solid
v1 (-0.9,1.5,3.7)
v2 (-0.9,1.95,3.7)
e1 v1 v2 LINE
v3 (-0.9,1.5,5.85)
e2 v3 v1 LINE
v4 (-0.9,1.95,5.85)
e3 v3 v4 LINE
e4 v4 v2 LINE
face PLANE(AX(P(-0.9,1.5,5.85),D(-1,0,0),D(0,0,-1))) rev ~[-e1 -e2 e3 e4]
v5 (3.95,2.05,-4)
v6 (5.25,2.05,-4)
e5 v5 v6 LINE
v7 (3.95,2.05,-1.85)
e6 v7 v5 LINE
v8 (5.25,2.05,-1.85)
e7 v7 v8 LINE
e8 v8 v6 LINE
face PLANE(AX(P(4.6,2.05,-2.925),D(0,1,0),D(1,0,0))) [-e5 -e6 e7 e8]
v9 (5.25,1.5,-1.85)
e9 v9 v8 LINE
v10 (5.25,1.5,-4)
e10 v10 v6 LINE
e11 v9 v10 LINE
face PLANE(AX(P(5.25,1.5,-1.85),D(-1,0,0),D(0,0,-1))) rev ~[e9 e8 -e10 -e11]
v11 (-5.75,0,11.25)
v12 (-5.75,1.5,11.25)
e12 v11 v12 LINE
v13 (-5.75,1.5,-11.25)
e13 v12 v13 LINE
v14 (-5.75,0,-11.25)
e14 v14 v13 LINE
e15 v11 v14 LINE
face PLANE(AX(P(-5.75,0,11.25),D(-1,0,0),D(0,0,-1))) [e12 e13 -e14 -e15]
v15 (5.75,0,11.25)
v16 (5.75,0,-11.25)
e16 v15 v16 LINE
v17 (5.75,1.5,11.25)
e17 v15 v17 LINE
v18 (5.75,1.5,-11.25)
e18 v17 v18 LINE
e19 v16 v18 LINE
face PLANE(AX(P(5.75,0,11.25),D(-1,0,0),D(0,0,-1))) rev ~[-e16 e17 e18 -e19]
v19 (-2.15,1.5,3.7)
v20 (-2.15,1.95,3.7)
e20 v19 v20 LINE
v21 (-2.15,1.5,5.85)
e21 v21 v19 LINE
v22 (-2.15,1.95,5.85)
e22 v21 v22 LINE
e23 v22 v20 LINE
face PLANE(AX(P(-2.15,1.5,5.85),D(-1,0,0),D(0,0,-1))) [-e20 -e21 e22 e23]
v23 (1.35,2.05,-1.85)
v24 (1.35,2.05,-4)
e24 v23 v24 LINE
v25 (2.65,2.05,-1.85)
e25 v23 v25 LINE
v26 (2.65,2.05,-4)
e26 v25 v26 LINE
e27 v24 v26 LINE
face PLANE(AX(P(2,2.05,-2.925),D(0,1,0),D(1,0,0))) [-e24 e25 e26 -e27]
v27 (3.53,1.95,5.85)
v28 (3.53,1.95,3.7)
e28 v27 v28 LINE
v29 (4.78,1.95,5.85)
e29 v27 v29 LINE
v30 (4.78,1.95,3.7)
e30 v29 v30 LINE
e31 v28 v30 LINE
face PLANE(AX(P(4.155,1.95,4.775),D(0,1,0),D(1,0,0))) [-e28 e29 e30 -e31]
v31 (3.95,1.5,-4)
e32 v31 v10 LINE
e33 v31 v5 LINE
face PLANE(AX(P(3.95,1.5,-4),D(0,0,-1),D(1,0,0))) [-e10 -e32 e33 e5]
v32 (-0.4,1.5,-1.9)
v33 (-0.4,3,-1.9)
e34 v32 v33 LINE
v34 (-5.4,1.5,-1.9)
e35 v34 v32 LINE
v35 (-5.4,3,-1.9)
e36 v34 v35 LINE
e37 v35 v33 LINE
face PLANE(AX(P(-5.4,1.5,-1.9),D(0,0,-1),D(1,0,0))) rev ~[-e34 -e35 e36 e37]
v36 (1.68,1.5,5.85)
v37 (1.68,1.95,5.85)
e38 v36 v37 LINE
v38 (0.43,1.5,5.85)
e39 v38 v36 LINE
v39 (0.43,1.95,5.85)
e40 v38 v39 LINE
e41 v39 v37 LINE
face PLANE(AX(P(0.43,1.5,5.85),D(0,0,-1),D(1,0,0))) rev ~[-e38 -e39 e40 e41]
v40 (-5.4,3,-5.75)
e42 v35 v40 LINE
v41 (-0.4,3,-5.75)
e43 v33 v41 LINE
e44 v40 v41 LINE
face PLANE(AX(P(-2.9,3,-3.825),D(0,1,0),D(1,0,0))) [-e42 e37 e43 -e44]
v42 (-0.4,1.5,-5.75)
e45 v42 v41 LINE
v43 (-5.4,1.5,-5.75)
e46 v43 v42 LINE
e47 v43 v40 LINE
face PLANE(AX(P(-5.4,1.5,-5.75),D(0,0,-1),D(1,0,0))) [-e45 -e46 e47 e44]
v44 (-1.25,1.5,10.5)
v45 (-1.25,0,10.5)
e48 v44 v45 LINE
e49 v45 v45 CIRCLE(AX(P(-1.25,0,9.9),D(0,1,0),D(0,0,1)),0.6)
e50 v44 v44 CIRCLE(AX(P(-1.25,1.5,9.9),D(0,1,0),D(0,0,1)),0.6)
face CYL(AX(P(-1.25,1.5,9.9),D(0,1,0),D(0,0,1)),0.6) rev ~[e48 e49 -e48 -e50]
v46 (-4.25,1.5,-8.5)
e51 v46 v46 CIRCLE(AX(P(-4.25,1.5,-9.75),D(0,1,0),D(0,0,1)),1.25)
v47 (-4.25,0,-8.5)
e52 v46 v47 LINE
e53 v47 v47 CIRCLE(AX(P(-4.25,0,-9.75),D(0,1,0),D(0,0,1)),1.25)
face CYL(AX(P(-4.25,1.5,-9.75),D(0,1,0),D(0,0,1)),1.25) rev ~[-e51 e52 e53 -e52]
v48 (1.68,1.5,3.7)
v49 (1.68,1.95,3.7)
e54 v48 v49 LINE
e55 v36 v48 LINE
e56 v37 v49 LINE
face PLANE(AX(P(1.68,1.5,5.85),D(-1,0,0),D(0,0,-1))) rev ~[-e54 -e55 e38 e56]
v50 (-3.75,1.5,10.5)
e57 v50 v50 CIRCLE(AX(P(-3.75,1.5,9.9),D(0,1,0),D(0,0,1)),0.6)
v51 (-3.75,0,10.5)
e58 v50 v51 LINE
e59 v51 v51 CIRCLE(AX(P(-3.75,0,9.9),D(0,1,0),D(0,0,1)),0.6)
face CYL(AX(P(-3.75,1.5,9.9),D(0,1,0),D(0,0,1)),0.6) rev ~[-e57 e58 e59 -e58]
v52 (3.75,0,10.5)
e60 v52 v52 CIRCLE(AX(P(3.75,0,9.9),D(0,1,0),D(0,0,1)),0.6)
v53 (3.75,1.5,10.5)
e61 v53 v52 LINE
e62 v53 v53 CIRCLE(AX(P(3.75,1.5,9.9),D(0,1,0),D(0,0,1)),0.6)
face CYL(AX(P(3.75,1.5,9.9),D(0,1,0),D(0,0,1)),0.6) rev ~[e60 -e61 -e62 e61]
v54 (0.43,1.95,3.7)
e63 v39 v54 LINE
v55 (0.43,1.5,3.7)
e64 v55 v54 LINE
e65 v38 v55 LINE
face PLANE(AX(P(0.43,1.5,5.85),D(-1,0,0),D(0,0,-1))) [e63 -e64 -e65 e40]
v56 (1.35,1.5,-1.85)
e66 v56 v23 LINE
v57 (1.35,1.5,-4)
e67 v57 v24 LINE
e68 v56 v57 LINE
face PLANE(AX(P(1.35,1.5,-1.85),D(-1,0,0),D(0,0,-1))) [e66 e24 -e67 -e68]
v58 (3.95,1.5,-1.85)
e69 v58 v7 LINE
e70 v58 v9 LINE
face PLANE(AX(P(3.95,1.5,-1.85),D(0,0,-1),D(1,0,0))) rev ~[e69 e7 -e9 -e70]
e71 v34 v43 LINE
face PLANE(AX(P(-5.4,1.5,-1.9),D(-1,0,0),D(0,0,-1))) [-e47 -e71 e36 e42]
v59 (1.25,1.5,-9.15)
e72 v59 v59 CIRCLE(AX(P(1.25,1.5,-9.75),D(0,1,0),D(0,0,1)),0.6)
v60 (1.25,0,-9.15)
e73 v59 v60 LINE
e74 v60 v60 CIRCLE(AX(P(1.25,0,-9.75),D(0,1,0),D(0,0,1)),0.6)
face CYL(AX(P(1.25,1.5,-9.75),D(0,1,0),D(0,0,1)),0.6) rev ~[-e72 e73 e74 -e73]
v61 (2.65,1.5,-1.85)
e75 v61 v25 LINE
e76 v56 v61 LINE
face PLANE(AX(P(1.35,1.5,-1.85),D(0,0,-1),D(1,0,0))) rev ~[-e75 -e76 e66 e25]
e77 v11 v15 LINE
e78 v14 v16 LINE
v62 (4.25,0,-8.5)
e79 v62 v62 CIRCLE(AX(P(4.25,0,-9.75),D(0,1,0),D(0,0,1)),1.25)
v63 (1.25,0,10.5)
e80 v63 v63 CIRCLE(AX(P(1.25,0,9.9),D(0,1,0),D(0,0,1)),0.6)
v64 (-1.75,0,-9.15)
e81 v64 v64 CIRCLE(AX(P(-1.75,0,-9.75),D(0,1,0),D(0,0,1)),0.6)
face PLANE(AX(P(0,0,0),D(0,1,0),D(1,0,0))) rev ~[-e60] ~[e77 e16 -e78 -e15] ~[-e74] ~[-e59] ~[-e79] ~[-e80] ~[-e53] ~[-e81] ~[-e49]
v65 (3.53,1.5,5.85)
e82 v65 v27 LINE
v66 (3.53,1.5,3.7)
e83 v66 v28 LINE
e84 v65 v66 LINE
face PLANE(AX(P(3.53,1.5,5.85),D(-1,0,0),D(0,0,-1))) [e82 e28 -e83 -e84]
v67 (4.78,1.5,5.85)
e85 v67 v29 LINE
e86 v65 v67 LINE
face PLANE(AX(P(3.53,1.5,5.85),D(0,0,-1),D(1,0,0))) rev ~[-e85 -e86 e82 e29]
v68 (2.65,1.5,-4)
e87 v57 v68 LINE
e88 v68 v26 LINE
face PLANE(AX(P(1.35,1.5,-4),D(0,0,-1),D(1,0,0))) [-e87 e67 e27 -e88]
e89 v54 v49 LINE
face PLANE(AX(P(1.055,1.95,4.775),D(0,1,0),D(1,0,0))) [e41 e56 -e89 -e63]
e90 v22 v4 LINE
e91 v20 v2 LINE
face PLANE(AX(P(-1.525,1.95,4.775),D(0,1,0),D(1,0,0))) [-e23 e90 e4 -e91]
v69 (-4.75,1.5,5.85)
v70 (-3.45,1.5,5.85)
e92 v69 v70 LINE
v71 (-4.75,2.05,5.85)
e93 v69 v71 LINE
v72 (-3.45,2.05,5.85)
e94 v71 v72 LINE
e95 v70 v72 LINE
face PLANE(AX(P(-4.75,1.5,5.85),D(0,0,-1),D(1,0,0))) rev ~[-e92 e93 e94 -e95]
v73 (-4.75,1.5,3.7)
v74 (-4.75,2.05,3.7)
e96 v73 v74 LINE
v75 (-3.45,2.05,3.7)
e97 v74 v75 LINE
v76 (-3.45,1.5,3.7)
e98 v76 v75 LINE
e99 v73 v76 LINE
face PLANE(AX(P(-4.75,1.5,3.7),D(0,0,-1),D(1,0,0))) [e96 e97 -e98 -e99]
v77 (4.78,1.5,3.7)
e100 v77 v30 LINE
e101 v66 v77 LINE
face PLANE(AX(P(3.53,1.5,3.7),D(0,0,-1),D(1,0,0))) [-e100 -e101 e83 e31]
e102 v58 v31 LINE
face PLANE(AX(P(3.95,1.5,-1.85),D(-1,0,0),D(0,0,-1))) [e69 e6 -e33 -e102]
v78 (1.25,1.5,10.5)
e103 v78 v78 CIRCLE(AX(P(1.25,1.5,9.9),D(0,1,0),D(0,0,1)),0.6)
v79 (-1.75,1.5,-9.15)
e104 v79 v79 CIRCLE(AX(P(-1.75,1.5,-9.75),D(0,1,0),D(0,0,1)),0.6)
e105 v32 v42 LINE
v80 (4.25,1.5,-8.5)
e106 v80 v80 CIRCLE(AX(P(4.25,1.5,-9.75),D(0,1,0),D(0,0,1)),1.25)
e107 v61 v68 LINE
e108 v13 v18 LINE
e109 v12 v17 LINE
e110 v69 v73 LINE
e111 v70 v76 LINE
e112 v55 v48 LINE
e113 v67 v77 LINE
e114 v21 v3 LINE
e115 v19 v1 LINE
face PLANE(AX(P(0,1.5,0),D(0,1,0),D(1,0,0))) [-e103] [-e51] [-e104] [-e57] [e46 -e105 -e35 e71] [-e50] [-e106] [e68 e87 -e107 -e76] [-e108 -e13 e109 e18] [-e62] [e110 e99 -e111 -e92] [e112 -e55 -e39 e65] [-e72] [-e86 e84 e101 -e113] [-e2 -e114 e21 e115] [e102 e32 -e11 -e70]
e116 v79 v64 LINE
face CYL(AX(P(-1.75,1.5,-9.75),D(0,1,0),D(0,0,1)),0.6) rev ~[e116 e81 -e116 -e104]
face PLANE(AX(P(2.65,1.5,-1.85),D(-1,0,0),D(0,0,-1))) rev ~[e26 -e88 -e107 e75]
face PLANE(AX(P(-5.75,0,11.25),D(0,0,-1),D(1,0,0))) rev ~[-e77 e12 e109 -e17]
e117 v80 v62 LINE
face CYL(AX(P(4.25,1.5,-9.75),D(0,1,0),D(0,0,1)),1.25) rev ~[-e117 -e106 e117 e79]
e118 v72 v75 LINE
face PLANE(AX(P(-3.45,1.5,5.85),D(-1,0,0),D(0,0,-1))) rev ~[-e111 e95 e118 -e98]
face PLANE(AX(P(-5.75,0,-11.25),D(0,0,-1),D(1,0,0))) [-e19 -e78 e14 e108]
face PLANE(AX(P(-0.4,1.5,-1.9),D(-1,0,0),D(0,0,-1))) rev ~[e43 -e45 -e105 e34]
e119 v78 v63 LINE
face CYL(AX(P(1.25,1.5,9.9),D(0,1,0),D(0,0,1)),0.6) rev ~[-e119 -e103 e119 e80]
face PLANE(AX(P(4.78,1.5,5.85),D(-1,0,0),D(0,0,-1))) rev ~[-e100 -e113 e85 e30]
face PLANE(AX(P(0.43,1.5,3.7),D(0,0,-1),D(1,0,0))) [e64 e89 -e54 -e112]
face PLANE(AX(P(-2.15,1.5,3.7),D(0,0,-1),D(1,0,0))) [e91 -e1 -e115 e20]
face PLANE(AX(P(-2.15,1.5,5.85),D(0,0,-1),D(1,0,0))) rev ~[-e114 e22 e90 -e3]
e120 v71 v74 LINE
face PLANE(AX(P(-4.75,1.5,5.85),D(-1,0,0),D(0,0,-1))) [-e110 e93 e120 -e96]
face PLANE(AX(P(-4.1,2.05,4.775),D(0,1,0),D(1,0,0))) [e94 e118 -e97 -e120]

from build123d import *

# Parameters (mm, degrees)
SKETCH1_W                   = 11.5
SKETCH1_H                   = 22.5
PCB_DEPTH                   = 1.5
SKETCH2_4_R                 = 0.6
INITIAL_INPUT_HOLES_DEPTH   = 13.72301065
INPUT_HOLES_LPATTERN_COUNT  = 4
INPUT_HOLES_LPATTERN_PITCH  = 2.5
SKETCH2_3_R                 = 0.6
INITIAL_OUTPUT_HOLE_DEPTH   = 13.72301065
OUTPUT_HOLES_LPATTERN_COUNT = 2
OUTPUT_HOLES_LPATTERN_PITCH = 3
SKETCH2_R                   = 1.25
MOUNTING_HOLES_DEPTH        = 13.72301065
SKETCH3_4_W                 = 1.3
SKETCH3_4_H                 = 2.15
CAPACITORS_DEPTH            = 0.55
SKETCH3_3_W                 = 1.25
SKETCH3_3_H                 = 2.15
RESISTORS_DEPTH             = 0.45
SKETCH3_W                   = 5
SKETCH3_H                   = 3.85
TRANSCEIVER_CHIP_DEPTH      = 1.5


with BuildPart() as part:
    # Sketch1 → PCB (new body)
    with BuildSketch(Plane(origin=(0, 0, 0), x_dir=(1, 0, 0), z_dir=(0, 1, 0))):
        Rectangle(SKETCH1_W, SKETCH1_H)
    extrude(amount=PCB_DEPTH)

    # Sketch2<4> → Initial Input Holes (cut, through all)
    with BuildSketch(Plane(origin=(0, 1.5, 0), x_dir=(1, 0, 0), z_dir=(0, 1, 0))):
        with Locations((-3.75, -9.9)):
            Circle(SKETCH2_4_R)
    initial_input_holes = extrude(amount=-INITIAL_INPUT_HOLES_DEPTH, mode=Mode.SUBTRACT)

    # Input Holes LPattern: Initial Input Holes ×4
    with Locations(*[(i * INPUT_HOLES_LPATTERN_PITCH, 0, 0) for i in range(1, INPUT_HOLES_LPATTERN_COUNT)]):
        add(initial_input_holes, mode=Mode.SUBTRACT)

    # Sketch2<3> → Initial Output Hole (cut, through all)
    with BuildSketch(Plane(origin=(0, 1.5, 0), x_dir=(1, 0, 0), z_dir=(0, 1, 0))):
        with Locations((-1.75, 9.75)):
            Circle(SKETCH2_3_R)
    initial_output_hole = extrude(amount=-INITIAL_OUTPUT_HOLE_DEPTH, mode=Mode.SUBTRACT)

    # Output Holes LPattern: Initial Output Hole ×2
    with Locations(*[(i * OUTPUT_HOLES_LPATTERN_PITCH, 0, 0) for i in range(1, OUTPUT_HOLES_LPATTERN_COUNT)]):
        add(initial_output_hole, mode=Mode.SUBTRACT)

    # Sketch2 → Mounting Holes (cut, through all)
    with BuildSketch(Plane(origin=(0, 1.5, 0), x_dir=(1, 0, 0), z_dir=(0, 1, 0))):
        with Locations((-4.25, 9.75)):
            Circle(SKETCH2_R)
        with Locations((4.25, 9.75)):
            Circle(SKETCH2_R)
    extrude(amount=-MOUNTING_HOLES_DEPTH, mode=Mode.SUBTRACT)

    # Sketch3<4> → Capacitors (add)
    with BuildSketch(Plane(origin=(0, 1.5, 0), x_dir=(1, 0, 0), z_dir=(0, 1, 0))):
        with Locations((2, 2.925)):
            Rectangle(SKETCH3_4_W, SKETCH3_4_H)
        with Locations((4.6, 2.925)):
            Rectangle(SKETCH3_4_W, SKETCH3_4_H)
        with Locations((-4.1, -4.775)):
            Rectangle(SKETCH3_4_W, SKETCH3_4_H)
    extrude(amount=CAPACITORS_DEPTH)

    # Sketch3<3> → Resistors (add)
    with BuildSketch(Plane(origin=(0, 1.5, 0), x_dir=(1, 0, 0), z_dir=(0, 1, 0))):
        with Locations((4.155, -4.775)):
            Rectangle(SKETCH3_3_W, SKETCH3_3_H)
        with Locations((1.055, -4.775)):
            Rectangle(SKETCH3_3_W, SKETCH3_3_H)
        with Locations((-1.525, -4.775)):
            Rectangle(SKETCH3_3_W, SKETCH3_3_H)
    extrude(amount=RESISTORS_DEPTH)

    # Sketch3 → Transceiver Chip (add)
    with BuildSketch(Plane(origin=(0, 1.5, 0), x_dir=(1, 0, 0), z_dir=(0, 1, 0))):
        with Locations((-2.9, 3.825)):
            Rectangle(SKETCH3_W, SKETCH3_H)
    extrude(amount=TRANSCEIVER_CHIP_DEPTH)


solid = part.part
